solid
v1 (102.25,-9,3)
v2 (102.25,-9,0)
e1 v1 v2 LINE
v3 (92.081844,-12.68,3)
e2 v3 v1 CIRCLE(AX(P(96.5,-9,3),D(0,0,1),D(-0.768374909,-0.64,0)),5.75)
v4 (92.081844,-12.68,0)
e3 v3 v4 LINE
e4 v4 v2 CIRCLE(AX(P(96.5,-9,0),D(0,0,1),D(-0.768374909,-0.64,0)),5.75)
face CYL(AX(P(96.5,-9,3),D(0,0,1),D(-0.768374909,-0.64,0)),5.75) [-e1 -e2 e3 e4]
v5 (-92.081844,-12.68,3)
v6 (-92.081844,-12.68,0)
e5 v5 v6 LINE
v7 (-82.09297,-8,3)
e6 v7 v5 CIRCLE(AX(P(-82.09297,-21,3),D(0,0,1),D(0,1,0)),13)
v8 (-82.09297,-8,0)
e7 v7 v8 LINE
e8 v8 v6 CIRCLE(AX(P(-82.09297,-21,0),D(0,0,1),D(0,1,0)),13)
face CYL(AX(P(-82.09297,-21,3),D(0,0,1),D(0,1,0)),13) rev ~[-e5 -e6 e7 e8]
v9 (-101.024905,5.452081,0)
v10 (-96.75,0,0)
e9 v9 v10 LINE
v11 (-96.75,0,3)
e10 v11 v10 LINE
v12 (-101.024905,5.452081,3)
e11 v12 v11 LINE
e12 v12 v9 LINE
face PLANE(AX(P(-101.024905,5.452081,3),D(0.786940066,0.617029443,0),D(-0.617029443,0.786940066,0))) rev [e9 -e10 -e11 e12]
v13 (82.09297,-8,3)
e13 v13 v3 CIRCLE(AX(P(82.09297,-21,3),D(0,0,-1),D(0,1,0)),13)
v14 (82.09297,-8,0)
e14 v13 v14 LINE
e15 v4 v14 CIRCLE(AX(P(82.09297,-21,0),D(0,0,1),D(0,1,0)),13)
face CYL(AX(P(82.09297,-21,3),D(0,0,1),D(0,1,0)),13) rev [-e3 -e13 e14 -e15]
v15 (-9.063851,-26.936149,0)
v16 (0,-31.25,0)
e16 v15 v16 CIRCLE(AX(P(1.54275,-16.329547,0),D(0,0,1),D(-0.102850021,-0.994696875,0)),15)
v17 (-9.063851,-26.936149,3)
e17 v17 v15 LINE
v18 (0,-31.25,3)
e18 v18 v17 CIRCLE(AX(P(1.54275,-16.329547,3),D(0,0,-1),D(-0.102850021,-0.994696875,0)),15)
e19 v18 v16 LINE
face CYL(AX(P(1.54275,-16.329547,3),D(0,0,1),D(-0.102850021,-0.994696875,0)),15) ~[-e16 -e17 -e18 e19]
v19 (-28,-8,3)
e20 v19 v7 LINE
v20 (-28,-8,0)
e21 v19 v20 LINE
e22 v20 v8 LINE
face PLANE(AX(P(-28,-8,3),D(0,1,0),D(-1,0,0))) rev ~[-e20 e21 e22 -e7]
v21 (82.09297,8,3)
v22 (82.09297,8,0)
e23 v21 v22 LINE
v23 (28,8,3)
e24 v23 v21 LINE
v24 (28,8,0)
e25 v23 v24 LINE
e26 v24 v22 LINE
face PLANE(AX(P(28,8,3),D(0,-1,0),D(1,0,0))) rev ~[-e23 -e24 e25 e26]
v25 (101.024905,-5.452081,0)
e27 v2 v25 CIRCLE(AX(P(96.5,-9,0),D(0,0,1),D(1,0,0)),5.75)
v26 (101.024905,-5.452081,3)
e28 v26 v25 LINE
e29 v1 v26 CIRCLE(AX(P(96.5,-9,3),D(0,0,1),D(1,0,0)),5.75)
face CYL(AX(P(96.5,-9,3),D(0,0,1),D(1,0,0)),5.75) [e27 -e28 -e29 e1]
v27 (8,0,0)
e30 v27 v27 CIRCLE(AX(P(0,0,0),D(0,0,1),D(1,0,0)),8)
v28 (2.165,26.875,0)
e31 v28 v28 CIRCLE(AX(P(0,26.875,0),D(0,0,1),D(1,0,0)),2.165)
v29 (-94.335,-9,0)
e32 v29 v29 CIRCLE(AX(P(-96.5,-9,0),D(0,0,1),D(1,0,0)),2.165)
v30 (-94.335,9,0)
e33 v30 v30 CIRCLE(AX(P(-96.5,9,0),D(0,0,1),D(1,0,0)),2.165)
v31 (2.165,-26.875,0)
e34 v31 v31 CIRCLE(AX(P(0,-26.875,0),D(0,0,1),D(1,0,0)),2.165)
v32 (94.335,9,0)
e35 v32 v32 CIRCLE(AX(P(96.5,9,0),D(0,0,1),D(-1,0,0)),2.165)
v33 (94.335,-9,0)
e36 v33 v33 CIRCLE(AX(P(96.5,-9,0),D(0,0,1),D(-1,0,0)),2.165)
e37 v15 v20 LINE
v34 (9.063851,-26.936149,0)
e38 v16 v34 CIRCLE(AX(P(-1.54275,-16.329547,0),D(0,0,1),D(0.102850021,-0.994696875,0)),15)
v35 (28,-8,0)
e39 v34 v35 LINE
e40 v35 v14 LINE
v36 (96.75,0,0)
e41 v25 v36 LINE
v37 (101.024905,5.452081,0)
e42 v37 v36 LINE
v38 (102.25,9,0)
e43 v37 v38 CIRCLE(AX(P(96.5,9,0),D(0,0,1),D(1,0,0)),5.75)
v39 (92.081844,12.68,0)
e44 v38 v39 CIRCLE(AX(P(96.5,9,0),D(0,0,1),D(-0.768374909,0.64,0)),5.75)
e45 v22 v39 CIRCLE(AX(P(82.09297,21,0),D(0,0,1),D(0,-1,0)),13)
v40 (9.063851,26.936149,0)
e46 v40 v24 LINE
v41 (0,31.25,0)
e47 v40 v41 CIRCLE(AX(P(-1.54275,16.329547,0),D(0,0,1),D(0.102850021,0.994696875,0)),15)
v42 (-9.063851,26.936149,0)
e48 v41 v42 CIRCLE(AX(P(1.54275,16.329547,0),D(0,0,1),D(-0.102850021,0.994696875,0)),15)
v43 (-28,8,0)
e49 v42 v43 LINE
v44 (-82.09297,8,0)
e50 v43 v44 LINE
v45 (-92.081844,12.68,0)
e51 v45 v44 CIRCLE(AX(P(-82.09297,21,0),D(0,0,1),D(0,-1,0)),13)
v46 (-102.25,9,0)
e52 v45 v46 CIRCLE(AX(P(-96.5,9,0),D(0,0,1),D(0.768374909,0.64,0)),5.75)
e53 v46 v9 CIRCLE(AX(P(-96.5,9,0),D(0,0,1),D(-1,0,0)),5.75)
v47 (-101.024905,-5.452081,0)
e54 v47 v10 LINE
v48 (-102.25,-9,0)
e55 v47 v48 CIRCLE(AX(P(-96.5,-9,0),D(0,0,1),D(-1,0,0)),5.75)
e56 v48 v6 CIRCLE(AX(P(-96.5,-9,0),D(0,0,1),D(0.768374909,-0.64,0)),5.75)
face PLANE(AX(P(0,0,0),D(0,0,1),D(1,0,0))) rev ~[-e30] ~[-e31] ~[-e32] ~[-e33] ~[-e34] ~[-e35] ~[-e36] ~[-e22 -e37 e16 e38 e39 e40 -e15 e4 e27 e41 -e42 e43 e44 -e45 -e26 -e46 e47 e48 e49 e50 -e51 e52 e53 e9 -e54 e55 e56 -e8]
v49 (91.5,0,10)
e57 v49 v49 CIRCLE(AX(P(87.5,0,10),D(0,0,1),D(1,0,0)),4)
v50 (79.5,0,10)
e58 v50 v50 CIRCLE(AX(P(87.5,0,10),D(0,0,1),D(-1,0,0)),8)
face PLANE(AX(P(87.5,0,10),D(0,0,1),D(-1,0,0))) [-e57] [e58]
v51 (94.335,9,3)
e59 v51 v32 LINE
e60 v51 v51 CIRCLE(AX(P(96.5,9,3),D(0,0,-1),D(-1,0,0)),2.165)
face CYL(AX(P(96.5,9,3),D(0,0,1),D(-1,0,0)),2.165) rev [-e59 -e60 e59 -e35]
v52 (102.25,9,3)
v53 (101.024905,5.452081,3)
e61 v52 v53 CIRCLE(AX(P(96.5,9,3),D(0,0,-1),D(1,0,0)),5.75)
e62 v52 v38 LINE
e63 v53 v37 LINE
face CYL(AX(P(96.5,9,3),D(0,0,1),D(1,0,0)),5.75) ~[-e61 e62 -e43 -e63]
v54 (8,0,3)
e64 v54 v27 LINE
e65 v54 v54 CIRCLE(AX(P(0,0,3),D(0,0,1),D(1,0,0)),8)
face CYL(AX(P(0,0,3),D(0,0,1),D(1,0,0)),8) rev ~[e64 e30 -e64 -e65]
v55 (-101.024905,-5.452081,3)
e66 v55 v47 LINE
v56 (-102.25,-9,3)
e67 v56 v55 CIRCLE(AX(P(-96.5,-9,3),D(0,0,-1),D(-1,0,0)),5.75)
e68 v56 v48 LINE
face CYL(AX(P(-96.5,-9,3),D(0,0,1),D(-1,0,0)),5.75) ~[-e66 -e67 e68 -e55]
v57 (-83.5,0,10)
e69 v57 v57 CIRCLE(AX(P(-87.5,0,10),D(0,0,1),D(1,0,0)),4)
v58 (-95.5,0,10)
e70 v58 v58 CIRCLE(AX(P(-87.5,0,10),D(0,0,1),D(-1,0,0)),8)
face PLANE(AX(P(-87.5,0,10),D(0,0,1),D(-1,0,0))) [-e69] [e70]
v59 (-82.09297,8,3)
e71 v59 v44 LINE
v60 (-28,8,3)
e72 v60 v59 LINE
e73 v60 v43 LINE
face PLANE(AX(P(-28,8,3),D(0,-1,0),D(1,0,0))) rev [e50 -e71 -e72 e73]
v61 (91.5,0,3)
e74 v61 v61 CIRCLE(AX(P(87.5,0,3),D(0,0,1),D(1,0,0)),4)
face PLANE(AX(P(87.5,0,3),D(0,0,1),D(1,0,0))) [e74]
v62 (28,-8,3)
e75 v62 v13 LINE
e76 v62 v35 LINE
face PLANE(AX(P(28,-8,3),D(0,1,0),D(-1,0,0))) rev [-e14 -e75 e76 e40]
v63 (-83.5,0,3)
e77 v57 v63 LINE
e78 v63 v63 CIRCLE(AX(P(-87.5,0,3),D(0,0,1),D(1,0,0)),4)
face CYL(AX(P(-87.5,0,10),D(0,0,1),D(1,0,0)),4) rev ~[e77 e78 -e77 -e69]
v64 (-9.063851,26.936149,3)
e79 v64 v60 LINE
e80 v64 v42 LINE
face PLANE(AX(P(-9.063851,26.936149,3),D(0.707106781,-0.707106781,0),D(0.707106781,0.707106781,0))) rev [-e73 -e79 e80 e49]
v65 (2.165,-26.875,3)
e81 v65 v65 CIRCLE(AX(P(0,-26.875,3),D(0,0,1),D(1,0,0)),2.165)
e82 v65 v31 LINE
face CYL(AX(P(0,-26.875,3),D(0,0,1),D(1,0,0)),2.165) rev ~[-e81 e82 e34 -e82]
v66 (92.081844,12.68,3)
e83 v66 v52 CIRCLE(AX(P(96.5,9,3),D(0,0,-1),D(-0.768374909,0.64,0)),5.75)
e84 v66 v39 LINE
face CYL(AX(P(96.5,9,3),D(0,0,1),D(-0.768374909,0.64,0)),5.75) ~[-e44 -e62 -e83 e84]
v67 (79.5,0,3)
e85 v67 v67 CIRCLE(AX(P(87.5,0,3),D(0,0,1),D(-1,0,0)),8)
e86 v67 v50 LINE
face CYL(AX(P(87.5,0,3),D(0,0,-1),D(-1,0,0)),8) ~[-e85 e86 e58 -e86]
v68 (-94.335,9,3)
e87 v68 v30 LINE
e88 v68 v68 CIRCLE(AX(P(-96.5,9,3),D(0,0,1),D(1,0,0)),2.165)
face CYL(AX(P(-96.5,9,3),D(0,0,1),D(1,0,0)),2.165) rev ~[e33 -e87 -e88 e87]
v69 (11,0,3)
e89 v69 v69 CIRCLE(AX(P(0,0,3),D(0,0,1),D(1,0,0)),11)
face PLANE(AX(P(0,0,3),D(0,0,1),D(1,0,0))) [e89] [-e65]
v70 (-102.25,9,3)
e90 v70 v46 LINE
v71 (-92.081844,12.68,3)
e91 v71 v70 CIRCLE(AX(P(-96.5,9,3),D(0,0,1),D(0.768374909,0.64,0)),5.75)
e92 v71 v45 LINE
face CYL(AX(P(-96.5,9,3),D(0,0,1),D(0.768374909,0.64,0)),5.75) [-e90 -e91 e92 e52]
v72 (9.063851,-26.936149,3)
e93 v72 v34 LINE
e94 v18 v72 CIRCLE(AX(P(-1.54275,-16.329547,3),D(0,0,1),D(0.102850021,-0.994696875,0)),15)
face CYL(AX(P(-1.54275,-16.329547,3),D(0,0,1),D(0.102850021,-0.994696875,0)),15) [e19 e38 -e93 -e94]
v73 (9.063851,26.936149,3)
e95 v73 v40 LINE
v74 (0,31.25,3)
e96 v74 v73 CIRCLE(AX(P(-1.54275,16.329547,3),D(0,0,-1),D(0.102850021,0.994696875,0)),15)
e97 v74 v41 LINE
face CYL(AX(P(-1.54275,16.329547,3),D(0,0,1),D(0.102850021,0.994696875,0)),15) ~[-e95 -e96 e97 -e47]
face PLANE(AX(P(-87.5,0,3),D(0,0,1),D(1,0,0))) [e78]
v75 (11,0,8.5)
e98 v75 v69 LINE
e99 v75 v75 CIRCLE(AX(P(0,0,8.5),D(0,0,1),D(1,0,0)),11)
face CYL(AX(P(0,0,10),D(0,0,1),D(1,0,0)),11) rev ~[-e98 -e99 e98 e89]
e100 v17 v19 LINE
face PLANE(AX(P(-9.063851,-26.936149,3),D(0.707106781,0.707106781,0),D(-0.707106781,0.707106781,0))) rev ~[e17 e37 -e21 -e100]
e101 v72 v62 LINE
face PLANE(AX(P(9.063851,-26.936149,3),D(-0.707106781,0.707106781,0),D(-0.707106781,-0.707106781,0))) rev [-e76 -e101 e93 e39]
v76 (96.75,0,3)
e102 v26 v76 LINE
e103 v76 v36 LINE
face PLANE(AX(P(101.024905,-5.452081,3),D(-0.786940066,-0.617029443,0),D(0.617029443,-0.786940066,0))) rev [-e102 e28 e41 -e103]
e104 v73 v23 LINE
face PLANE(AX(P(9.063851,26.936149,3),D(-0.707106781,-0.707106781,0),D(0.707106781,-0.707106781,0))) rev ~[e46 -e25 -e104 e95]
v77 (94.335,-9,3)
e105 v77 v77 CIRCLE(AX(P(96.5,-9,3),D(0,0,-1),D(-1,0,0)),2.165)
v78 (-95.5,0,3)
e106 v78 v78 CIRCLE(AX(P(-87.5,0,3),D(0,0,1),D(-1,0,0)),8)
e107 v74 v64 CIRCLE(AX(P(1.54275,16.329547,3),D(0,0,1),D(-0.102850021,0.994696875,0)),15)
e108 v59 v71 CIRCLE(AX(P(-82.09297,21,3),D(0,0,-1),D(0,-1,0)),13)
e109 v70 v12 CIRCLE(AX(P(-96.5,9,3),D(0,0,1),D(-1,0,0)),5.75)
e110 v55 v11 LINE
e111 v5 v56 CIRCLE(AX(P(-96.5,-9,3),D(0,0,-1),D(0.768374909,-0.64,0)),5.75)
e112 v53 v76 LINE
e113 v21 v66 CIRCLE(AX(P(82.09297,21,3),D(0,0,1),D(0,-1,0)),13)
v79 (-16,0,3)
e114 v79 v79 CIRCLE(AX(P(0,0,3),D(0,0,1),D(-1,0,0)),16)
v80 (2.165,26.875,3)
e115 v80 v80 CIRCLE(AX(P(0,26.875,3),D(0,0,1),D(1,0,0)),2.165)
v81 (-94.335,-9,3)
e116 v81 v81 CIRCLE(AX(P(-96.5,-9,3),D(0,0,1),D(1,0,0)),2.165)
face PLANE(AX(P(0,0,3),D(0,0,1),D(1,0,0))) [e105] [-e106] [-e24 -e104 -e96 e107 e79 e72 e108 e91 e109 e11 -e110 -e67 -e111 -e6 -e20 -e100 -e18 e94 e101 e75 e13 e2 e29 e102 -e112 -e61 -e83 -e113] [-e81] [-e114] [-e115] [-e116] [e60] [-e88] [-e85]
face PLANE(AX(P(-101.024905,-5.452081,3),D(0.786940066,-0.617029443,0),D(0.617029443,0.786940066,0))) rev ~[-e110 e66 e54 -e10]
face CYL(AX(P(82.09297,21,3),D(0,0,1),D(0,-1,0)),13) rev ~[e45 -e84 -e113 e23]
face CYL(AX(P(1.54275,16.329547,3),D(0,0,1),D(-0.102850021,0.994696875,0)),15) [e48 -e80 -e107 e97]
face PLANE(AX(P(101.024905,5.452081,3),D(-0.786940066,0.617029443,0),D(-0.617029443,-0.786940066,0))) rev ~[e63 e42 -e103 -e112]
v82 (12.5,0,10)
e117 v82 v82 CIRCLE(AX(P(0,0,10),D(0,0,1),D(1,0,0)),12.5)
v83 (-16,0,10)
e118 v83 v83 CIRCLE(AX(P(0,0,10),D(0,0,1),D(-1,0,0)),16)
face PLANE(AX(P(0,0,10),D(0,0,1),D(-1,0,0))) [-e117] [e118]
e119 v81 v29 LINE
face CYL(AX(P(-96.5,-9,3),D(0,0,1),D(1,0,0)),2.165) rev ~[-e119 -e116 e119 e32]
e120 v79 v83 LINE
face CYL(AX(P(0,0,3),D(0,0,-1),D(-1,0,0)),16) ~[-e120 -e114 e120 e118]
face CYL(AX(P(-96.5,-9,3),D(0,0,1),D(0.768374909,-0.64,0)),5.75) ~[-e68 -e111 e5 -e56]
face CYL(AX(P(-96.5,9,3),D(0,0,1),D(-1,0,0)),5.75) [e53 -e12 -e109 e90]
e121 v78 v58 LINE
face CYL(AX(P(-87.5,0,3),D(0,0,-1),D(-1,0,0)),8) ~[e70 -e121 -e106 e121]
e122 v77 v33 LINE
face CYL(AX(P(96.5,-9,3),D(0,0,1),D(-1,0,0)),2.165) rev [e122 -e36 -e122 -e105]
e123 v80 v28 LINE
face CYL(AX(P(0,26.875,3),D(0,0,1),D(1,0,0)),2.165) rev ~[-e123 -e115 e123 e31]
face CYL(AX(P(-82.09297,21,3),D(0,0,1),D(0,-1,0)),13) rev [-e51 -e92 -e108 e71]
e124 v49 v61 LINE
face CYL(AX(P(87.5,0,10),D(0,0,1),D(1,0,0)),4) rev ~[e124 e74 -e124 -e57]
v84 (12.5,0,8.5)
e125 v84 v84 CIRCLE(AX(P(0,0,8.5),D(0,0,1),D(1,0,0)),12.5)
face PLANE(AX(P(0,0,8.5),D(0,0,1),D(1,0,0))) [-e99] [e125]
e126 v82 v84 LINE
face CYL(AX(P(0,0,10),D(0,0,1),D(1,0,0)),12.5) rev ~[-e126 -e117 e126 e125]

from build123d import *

# Parameters (mm, degrees)
SKETCH1_W               = 204.5
SKETCH1_H               = 62.5
BOSS_EXTRUDE1_DEPTH     = 3
SKETCH2_R               = 8
BOSS_EXTRUDE2_DEPTH     = 7
SKETCH3_R               = 16
BOSS_EXTRUDE3_DEPTH     = 7
SKETCH4_R               = 2.165
CUT_EXTRUDE1_DEPTH      = 108.147678463
SKETCH5_R               = 2.165
CUT_EXTRUDE2_DEPTH      = 108.147678463
CUT_EXTRUDE3_DEPTH      = 7
MIRROR2_COPY_1_SKETCH_R = 2.165
MIRROR2_COPY_1_DEPTH    = 108.147678463
MIRROR2_COPY_2_DEPTH    = 7
MIRROR2_COPY_3_SKETCH_R = 2.165
MIRROR2_COPY_3_DEPTH    = 108.147678463
SKETCH7_R               = 12.5
CUT_EXTRUDE4_DEPTH      = 1.5
SKETCH9_R               = 11
CUT_EXTRUDE5_DEPTH      = 7
SKETCH10_R              = 8
CUT_EXTRUDE6_DEPTH      = 108.147678463
SKETCH11_R              = 4
CUT_EXTRUDE7_DEPTH      = 7


with BuildPart() as part:
    # Sketch1 → Boss-Extrude1 (new body)
    with BuildSketch(Plane.XY):
        Rectangle(SKETCH1_W, SKETCH1_H)
    extrude(amount=BOSS_EXTRUDE1_DEPTH)

    # Sketch2 → Boss-Extrude2 (add)
    with BuildSketch(Plane.XY.offset(3)):
        with Locations(Location((-87.5, 0, 0), (0, 0, 180))):
            Circle(SKETCH2_R)
        with Locations(Location((87.5, 0, 0), (0, 0, 180))):
            Circle(SKETCH2_R)
    extrude(amount=BOSS_EXTRUDE2_DEPTH)

    # Sketch3 → Boss-Extrude3 (add)
    with BuildSketch(Plane.XY.offset(3)):
        with Locations(Location((0, 0, 0), (0, 0, 180))):
            Circle(SKETCH3_R)
    extrude(amount=BOSS_EXTRUDE3_DEPTH)

    # Sketch4 → Cut-Extrude1 (cut, through all)
    with BuildSketch(Plane.XY.offset(3)):
        with Locations((-96.5, 9)):
            Circle(SKETCH4_R)
        with Locations((-96.5, -9)):
            Circle(SKETCH4_R)
    cut_extrude1 = extrude(amount=-CUT_EXTRUDE1_DEPTH, mode=Mode.SUBTRACT)

    # Sketch5 → Cut-Extrude2 (cut, through all)
    with BuildSketch(Plane.XY.offset(3)):
        with Locations((0, 26.875)):
            Circle(SKETCH5_R)
        with Locations((0, -26.875)):
            Circle(SKETCH5_R)
    extrude(amount=-CUT_EXTRUDE2_DEPTH, mode=Mode.SUBTRACT)

    # Sketch6 → Cut-Extrude3 (cut)
    with BuildSketch(Plane.XY.offset(3)):
        with BuildLine():
            Line((-102.25, 0), (-102.25, -9))
            ThreePointArc((-102.25, -9), (-101.935103767, -7.123261595), (-101.024905378, -5.452080705))
            Line((-101.024905378, -5.452080705), (-96.75, 0))
            Line((-96.75, 0), (-102.25, 0))
        make_face()
        with BuildLine():
            Line((-28, -8), (-82.092970466, -8))
            ThreePointArc((-82.092970466, -8), (-87.608403359, -9.22799932), (-92.081844276, -12.68))
            ThreePointArc((-92.081844276, -12.68), (-98.456796437, -14.406796437), (-102.25, -9))
            Line((-102.25, -9), (-102.25, -31.25))
            Line((-102.25, -31.25), (0, -31.25))
            ThreePointArc((0, -31.25), (-4.903490235, -29.873770102), (-9.063851408, -26.936148592))
            Line((-9.063851408, -26.936148592), (-28, -8))
        make_face()
    cut_extrude3 = extrude(amount=-CUT_EXTRUDE3_DEPTH, mode=Mode.SUBTRACT)

    # Mirror1: Cut-Extrude1, Cut-Extrude3 across plane
    add(cut_extrude1.mirror(Plane(origin=(0, 0, 0), x_dir=(0, 0, 1), z_dir=(1, 0, 0))), mode=Mode.SUBTRACT)
    add(cut_extrude3.mirror(Plane(origin=(0, 0, 0), x_dir=(0, 0, 1), z_dir=(1, 0, 0))), mode=Mode.SUBTRACT)

    # Mirror2: Cut-Extrude3 across plane
    add(cut_extrude3.mirror(Plane.ZX), mode=Mode.SUBTRACT)

    # Mirror2 copy 1 sketch → Mirror2 copy 1 (cut, through all)
    with BuildSketch(Plane(origin=(0, 0, 3), x_dir=(-1, 0, 0), z_dir=(0, 0, 1))):
        with Locations((-96.5, 9)):
            Circle(MIRROR2_COPY_1_SKETCH_R)
        with Locations((-96.5, -9)):
            Circle(MIRROR2_COPY_1_SKETCH_R)
    extrude(amount=-MIRROR2_COPY_1_DEPTH, mode=Mode.SUBTRACT)

    # Mirror2 copy 2 sketch → Mirror2 copy 2 (cut)
    with BuildSketch(Plane(origin=(0, 0, 3), x_dir=(-1, 0, 0), z_dir=(0, 0, 1))):
        with BuildLine():
            Line((-102.25, 0), (-102.25, -9))
            ThreePointArc((-102.25, -9), (-101.935103767, -7.123261595), (-101.024905378, -5.452080705))
            Line((-101.024905378, -5.452080705), (-96.75, 0))
            Line((-96.75, 0), (-102.25, 0))
        make_face()
        with BuildLine():
            Line((-28, -8), (-82.092970466, -8))
            ThreePointArc((-82.092970466, -8), (-87.608403359, -9.22799932), (-92.081844276, -12.68))
            ThreePointArc((-92.081844276, -12.68), (-98.456796437, -14.406796437), (-102.25, -9))
            Line((-102.25, -9), (-102.25, -31.25))
            Line((-102.25, -31.25), (0, -31.25))
            ThreePointArc((0, -31.25), (-4.903490235, -29.873770102), (-9.063851408, -26.936148592))
            Line((-9.063851408, -26.936148592), (-28, -8))
        make_face()
    extrude(amount=-MIRROR2_COPY_2_DEPTH, mode=Mode.SUBTRACT)

    # Mirror2 copy 3 sketch → Mirror2 copy 3 (cut, through all)
    with BuildSketch(Plane.XY.offset(3)):
        with Locations((-96.5, -9)):
            Circle(MIRROR2_COPY_3_SKETCH_R)
        with Locations((-96.5, 9)):
            Circle(MIRROR2_COPY_3_SKETCH_R)
    extrude(amount=-MIRROR2_COPY_3_DEPTH, mode=Mode.SUBTRACT)

    # Sketch7 → Cut-Extrude4 (cut)
    with BuildSketch(Plane.XY.offset(10)):
        Circle(SKETCH7_R)
    extrude(amount=-CUT_EXTRUDE4_DEPTH, mode=Mode.SUBTRACT)

    # Sketch9 → Cut-Extrude5 (cut)
    with BuildSketch(Plane.XY.offset(10)):
        Circle(SKETCH9_R)
    extrude(amount=-CUT_EXTRUDE5_DEPTH, mode=Mode.SUBTRACT)

    # Sketch10 → Cut-Extrude6 (cut, through all)
    with BuildSketch(Plane.XY.offset(3)):
        Circle(SKETCH10_R)
    extrude(amount=-CUT_EXTRUDE6_DEPTH, mode=Mode.SUBTRACT)

    # Sketch11 → Cut-Extrude7 (cut)
    with BuildSketch(Plane.XY.offset(10)):
        with Locations((-87.5, 0)):
            Circle(SKETCH11_R)
        with Locations((87.5, 0)):
            Circle(SKETCH11_R)
    extrude(amount=-CUT_EXTRUDE7_DEPTH, mode=Mode.SUBTRACT)


solid = part.part
